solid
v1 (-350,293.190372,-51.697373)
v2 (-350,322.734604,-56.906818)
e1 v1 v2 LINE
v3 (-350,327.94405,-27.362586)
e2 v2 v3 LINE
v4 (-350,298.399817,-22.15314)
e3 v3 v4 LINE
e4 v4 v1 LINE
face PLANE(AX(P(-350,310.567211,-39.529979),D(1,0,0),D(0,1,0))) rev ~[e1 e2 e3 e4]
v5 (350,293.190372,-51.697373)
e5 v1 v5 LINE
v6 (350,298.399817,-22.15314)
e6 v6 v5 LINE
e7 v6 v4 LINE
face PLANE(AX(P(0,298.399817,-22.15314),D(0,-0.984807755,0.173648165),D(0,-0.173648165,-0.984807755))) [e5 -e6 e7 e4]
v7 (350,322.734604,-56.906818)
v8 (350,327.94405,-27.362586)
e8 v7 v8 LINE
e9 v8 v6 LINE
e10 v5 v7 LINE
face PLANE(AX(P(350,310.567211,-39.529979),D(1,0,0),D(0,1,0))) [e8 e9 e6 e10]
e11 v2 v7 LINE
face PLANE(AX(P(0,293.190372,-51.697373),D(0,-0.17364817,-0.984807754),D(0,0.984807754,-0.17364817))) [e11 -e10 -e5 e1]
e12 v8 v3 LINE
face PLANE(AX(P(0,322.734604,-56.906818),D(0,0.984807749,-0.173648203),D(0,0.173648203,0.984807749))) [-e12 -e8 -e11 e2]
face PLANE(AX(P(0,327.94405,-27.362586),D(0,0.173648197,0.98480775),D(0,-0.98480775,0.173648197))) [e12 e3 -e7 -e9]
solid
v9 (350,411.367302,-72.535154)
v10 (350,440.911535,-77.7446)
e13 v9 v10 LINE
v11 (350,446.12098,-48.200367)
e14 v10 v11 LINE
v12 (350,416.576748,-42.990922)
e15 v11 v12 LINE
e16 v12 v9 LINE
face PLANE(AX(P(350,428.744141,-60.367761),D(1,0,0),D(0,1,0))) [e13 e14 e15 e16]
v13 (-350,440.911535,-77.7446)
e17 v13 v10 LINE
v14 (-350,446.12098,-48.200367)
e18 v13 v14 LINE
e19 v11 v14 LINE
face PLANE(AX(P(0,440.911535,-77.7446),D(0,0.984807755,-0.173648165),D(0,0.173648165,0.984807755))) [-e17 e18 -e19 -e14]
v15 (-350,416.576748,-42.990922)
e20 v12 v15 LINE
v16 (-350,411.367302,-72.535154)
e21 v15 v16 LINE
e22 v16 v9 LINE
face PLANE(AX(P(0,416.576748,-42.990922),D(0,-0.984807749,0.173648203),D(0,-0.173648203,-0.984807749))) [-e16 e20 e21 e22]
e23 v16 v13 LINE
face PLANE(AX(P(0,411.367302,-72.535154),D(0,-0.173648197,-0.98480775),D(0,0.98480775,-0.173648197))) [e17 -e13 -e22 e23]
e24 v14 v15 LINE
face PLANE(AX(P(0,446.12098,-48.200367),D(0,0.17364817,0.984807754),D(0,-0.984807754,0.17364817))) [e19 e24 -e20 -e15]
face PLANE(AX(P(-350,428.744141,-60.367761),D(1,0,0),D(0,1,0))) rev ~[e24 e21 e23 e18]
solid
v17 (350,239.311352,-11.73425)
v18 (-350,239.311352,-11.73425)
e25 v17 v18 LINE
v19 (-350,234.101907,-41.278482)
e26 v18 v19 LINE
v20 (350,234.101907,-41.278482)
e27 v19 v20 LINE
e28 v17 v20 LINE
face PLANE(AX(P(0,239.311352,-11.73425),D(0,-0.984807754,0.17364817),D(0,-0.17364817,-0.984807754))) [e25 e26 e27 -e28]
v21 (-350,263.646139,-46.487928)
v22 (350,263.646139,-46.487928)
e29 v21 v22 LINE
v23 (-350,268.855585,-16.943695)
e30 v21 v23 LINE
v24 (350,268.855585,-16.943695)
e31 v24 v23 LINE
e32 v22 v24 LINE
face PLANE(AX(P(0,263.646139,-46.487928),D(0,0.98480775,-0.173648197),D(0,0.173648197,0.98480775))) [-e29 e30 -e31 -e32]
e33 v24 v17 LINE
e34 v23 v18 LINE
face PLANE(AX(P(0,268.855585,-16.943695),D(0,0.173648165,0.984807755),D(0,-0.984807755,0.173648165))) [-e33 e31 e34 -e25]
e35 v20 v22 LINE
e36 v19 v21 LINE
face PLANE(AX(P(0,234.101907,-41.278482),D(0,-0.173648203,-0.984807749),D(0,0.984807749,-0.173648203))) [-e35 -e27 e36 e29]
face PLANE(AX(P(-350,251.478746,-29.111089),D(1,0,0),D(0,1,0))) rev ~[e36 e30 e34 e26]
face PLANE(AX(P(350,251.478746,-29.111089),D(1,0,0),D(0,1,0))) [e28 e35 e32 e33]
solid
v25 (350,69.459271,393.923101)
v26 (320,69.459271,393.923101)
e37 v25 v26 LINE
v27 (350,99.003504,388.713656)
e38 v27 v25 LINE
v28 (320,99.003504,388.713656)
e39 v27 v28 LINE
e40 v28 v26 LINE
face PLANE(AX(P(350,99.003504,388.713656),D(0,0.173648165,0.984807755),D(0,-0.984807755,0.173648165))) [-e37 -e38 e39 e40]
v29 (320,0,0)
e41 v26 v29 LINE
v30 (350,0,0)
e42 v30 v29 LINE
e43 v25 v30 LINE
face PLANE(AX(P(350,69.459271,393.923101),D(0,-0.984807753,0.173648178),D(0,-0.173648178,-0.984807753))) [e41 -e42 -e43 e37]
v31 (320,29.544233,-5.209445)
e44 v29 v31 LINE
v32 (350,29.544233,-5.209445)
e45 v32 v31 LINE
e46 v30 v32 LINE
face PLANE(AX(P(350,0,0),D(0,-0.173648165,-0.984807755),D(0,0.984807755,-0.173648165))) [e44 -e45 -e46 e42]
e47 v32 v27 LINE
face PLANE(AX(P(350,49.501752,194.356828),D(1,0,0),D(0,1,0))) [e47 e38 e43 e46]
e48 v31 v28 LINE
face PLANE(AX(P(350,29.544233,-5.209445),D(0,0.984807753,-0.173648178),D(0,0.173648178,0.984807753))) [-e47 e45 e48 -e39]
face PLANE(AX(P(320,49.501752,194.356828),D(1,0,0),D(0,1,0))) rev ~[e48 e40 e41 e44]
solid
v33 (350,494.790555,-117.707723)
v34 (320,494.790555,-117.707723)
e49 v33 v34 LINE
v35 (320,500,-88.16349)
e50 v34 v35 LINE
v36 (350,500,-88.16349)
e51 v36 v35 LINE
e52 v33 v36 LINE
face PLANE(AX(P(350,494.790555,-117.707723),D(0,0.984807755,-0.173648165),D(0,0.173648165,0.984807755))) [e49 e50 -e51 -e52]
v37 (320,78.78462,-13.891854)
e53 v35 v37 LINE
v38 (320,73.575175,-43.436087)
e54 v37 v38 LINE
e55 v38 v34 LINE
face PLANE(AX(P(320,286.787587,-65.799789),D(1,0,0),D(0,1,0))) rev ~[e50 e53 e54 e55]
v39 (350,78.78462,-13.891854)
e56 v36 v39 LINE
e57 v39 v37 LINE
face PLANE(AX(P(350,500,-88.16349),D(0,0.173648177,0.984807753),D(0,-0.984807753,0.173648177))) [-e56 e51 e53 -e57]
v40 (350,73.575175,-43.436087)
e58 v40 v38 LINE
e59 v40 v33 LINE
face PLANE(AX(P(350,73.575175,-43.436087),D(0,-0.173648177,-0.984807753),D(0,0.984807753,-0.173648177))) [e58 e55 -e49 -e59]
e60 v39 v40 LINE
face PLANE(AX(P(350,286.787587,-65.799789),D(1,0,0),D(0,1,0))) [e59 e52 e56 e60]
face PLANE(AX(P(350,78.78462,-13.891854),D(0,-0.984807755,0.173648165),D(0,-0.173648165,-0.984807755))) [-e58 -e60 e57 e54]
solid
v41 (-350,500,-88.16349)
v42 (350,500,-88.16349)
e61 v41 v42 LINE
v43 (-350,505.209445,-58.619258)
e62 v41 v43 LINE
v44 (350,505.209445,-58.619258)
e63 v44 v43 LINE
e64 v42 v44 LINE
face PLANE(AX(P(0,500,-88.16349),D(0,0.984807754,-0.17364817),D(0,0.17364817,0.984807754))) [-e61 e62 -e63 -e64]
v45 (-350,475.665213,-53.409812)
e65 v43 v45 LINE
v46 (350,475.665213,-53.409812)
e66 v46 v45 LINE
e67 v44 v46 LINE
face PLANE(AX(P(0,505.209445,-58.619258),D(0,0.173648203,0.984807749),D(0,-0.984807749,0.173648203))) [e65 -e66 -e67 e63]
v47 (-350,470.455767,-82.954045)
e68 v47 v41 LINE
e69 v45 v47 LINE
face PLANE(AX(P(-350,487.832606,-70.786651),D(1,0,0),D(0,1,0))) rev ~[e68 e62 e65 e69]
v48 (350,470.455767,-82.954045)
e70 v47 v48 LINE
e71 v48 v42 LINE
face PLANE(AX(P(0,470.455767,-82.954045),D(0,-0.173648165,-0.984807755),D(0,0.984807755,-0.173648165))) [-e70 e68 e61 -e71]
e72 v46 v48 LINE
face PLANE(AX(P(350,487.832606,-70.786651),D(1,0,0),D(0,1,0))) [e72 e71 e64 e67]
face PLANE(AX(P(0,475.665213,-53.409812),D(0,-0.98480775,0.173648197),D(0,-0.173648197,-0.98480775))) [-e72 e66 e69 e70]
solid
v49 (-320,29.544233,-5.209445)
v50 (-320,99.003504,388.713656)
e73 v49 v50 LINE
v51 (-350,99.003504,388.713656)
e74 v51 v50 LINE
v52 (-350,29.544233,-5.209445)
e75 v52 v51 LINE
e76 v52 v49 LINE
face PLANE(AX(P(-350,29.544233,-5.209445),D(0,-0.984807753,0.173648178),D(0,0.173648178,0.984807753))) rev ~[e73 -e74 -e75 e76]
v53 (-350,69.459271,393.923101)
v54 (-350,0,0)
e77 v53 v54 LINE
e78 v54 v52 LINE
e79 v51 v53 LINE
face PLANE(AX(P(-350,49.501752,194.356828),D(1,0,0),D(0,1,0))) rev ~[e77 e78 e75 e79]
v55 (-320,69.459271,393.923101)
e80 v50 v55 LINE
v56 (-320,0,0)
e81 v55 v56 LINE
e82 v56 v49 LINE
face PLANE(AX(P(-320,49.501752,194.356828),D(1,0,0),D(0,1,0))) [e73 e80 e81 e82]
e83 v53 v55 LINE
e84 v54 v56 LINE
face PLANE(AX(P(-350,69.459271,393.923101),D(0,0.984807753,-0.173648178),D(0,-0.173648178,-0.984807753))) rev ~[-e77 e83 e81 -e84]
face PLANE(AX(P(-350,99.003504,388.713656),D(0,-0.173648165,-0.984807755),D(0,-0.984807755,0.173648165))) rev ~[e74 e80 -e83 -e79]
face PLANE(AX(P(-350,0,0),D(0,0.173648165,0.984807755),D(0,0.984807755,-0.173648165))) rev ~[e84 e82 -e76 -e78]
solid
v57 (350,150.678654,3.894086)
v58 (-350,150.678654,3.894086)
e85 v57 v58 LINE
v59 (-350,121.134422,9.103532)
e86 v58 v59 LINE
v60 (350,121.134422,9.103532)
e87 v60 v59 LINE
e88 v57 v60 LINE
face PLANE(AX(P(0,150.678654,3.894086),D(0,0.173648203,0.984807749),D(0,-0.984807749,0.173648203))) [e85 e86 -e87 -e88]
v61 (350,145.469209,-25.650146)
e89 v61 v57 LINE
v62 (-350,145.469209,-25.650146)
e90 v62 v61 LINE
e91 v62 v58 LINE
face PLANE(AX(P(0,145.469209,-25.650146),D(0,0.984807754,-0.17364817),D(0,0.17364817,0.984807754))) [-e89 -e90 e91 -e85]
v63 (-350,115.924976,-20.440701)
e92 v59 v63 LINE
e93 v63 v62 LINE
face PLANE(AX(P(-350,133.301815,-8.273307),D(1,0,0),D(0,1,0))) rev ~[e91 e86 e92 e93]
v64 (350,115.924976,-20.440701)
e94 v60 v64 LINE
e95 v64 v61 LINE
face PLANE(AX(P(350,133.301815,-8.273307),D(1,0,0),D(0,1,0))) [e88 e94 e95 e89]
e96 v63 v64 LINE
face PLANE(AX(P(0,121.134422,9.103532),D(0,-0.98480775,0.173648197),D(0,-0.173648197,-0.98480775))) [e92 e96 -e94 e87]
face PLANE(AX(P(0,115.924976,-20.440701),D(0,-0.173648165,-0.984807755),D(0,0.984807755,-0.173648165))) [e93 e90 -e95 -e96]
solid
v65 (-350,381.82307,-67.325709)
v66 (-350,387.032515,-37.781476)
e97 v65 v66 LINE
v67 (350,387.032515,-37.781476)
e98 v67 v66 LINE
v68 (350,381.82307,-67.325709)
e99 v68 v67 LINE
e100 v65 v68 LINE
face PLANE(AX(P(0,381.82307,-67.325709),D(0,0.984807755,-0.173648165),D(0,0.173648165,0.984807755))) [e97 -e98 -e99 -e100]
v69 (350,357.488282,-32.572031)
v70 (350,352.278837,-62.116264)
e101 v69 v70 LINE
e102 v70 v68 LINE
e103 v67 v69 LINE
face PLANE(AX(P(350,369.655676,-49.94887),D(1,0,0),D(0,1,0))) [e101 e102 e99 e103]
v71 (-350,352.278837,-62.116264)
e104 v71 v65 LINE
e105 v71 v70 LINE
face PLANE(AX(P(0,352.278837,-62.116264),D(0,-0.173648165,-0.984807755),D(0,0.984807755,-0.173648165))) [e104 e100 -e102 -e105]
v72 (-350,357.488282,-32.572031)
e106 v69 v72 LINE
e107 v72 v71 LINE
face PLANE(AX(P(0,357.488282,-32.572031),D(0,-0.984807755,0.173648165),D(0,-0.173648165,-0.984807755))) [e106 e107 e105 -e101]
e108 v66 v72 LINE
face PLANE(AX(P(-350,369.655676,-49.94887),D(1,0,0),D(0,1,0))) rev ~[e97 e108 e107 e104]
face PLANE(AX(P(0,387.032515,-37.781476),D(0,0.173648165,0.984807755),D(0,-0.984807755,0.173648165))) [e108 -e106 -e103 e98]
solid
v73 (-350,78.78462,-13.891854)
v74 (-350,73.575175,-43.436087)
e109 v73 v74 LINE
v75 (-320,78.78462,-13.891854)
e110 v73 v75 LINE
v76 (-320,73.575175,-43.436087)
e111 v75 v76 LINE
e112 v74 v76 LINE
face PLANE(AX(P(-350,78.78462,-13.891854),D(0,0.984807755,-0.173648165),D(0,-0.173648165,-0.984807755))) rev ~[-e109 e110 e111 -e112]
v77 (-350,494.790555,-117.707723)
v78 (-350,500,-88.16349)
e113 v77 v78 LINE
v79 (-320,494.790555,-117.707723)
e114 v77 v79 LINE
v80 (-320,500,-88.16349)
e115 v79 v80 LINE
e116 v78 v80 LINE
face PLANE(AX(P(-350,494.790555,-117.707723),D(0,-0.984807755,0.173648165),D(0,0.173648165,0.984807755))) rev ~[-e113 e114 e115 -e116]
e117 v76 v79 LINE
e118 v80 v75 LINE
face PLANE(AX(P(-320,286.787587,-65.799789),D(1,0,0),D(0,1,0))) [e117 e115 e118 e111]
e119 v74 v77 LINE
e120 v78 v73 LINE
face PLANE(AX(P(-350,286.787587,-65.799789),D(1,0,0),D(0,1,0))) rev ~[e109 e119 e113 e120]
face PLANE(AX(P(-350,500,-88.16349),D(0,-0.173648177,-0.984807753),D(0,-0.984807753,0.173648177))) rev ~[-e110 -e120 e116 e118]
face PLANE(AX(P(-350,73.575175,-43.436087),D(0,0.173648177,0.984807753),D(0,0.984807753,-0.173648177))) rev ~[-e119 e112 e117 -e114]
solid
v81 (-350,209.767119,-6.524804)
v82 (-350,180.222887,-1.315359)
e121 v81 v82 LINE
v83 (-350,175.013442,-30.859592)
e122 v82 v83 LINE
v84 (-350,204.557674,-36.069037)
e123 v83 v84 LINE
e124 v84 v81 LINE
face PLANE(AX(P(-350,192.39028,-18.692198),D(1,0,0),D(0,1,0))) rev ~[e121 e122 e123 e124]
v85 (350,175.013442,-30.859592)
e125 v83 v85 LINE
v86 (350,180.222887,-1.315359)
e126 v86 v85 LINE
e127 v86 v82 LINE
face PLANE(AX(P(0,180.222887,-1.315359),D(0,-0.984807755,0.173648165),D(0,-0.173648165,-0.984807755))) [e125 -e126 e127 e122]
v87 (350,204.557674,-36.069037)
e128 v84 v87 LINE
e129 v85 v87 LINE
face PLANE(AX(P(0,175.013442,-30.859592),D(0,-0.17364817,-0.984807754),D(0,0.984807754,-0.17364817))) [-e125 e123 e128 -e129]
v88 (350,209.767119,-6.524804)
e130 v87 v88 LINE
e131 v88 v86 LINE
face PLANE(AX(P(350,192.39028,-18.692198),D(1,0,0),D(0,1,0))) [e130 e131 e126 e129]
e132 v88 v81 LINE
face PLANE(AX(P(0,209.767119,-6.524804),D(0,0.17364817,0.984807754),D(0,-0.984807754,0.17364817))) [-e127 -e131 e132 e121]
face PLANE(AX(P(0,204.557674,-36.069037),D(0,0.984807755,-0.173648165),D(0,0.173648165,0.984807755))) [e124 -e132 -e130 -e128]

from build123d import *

# Parameters (mm, degrees)
F5_DEPTH      = 30
F6_DEPTH      = 30
F8_DEPTH      = 350
F8_DEPTH_BACK = 350


with BuildPart() as f5:
    # F4 (on offset) → F5 (new body)
    with BuildSketch(Plane.YZ.offset(-350)):
        Polygon((500, -88.16349), (78.78462, -13.891854), (73.575175, -43.436087), (494.790555, -117.707723), align=None)
        Polygon((69.459271, 393.923101), (0, 0), (29.544233, -5.209445), (99.003504, 388.713656), align=None)
    extrude(amount=F5_DEPTH)


with BuildPart() as f6:
    # F3 (on offset) → F6 (new body)
    with BuildSketch(Plane.YZ.offset(350)):
        Polygon((69.459271, 393.923101), (0, 0), (29.544233, -5.209445), (99.003504, 388.713656), align=None)
        Polygon((500, -88.16349), (78.78462, -13.891854), (73.575175, -43.436087), (494.790555, -117.707723), align=None)
    extrude(amount=-F6_DEPTH)


with BuildPart() as f8:
    # F7 (on Right) → F8 (new body, two sides)
    with BuildSketch(Plane.YZ) as f8_sk:
        Polygon((475.665213, -53.409812), (470.455767, -82.954045), (500, -88.16349), (505.209445, -58.619258), align=None)
        Polygon((416.576748, -42.990922), (411.367302, -72.535154), (440.911535, -77.7446), (446.12098, -48.200367), align=None)
        Polygon((357.488282, -32.572031), (352.278837, -62.116264), (381.82307, -67.325709), (387.032515, -37.781476), align=None)
        Polygon((298.399817, -22.15314), (293.190372, -51.697373), (322.734604, -56.906818), (327.94405, -27.362586), align=None)
        Polygon((239.311352, -11.73425), (234.101907, -41.278482), (263.646139, -46.487928), (268.855585, -16.943695), align=None)
        Polygon((180.222887, -1.315359), (175.013442, -30.859592), (204.557674, -36.069037), (209.767119, -6.524804), align=None)
        Polygon((121.134422, 9.103532), (115.924976, -20.440701), (145.469209, -25.650146), (150.678654, 3.894086), align=None)
    extrude(amount=F8_DEPTH)
    extrude(f8_sk.sketch, amount=-F8_DEPTH_BACK)


solid = Compound([f5.part, f6.part, f8.part])
